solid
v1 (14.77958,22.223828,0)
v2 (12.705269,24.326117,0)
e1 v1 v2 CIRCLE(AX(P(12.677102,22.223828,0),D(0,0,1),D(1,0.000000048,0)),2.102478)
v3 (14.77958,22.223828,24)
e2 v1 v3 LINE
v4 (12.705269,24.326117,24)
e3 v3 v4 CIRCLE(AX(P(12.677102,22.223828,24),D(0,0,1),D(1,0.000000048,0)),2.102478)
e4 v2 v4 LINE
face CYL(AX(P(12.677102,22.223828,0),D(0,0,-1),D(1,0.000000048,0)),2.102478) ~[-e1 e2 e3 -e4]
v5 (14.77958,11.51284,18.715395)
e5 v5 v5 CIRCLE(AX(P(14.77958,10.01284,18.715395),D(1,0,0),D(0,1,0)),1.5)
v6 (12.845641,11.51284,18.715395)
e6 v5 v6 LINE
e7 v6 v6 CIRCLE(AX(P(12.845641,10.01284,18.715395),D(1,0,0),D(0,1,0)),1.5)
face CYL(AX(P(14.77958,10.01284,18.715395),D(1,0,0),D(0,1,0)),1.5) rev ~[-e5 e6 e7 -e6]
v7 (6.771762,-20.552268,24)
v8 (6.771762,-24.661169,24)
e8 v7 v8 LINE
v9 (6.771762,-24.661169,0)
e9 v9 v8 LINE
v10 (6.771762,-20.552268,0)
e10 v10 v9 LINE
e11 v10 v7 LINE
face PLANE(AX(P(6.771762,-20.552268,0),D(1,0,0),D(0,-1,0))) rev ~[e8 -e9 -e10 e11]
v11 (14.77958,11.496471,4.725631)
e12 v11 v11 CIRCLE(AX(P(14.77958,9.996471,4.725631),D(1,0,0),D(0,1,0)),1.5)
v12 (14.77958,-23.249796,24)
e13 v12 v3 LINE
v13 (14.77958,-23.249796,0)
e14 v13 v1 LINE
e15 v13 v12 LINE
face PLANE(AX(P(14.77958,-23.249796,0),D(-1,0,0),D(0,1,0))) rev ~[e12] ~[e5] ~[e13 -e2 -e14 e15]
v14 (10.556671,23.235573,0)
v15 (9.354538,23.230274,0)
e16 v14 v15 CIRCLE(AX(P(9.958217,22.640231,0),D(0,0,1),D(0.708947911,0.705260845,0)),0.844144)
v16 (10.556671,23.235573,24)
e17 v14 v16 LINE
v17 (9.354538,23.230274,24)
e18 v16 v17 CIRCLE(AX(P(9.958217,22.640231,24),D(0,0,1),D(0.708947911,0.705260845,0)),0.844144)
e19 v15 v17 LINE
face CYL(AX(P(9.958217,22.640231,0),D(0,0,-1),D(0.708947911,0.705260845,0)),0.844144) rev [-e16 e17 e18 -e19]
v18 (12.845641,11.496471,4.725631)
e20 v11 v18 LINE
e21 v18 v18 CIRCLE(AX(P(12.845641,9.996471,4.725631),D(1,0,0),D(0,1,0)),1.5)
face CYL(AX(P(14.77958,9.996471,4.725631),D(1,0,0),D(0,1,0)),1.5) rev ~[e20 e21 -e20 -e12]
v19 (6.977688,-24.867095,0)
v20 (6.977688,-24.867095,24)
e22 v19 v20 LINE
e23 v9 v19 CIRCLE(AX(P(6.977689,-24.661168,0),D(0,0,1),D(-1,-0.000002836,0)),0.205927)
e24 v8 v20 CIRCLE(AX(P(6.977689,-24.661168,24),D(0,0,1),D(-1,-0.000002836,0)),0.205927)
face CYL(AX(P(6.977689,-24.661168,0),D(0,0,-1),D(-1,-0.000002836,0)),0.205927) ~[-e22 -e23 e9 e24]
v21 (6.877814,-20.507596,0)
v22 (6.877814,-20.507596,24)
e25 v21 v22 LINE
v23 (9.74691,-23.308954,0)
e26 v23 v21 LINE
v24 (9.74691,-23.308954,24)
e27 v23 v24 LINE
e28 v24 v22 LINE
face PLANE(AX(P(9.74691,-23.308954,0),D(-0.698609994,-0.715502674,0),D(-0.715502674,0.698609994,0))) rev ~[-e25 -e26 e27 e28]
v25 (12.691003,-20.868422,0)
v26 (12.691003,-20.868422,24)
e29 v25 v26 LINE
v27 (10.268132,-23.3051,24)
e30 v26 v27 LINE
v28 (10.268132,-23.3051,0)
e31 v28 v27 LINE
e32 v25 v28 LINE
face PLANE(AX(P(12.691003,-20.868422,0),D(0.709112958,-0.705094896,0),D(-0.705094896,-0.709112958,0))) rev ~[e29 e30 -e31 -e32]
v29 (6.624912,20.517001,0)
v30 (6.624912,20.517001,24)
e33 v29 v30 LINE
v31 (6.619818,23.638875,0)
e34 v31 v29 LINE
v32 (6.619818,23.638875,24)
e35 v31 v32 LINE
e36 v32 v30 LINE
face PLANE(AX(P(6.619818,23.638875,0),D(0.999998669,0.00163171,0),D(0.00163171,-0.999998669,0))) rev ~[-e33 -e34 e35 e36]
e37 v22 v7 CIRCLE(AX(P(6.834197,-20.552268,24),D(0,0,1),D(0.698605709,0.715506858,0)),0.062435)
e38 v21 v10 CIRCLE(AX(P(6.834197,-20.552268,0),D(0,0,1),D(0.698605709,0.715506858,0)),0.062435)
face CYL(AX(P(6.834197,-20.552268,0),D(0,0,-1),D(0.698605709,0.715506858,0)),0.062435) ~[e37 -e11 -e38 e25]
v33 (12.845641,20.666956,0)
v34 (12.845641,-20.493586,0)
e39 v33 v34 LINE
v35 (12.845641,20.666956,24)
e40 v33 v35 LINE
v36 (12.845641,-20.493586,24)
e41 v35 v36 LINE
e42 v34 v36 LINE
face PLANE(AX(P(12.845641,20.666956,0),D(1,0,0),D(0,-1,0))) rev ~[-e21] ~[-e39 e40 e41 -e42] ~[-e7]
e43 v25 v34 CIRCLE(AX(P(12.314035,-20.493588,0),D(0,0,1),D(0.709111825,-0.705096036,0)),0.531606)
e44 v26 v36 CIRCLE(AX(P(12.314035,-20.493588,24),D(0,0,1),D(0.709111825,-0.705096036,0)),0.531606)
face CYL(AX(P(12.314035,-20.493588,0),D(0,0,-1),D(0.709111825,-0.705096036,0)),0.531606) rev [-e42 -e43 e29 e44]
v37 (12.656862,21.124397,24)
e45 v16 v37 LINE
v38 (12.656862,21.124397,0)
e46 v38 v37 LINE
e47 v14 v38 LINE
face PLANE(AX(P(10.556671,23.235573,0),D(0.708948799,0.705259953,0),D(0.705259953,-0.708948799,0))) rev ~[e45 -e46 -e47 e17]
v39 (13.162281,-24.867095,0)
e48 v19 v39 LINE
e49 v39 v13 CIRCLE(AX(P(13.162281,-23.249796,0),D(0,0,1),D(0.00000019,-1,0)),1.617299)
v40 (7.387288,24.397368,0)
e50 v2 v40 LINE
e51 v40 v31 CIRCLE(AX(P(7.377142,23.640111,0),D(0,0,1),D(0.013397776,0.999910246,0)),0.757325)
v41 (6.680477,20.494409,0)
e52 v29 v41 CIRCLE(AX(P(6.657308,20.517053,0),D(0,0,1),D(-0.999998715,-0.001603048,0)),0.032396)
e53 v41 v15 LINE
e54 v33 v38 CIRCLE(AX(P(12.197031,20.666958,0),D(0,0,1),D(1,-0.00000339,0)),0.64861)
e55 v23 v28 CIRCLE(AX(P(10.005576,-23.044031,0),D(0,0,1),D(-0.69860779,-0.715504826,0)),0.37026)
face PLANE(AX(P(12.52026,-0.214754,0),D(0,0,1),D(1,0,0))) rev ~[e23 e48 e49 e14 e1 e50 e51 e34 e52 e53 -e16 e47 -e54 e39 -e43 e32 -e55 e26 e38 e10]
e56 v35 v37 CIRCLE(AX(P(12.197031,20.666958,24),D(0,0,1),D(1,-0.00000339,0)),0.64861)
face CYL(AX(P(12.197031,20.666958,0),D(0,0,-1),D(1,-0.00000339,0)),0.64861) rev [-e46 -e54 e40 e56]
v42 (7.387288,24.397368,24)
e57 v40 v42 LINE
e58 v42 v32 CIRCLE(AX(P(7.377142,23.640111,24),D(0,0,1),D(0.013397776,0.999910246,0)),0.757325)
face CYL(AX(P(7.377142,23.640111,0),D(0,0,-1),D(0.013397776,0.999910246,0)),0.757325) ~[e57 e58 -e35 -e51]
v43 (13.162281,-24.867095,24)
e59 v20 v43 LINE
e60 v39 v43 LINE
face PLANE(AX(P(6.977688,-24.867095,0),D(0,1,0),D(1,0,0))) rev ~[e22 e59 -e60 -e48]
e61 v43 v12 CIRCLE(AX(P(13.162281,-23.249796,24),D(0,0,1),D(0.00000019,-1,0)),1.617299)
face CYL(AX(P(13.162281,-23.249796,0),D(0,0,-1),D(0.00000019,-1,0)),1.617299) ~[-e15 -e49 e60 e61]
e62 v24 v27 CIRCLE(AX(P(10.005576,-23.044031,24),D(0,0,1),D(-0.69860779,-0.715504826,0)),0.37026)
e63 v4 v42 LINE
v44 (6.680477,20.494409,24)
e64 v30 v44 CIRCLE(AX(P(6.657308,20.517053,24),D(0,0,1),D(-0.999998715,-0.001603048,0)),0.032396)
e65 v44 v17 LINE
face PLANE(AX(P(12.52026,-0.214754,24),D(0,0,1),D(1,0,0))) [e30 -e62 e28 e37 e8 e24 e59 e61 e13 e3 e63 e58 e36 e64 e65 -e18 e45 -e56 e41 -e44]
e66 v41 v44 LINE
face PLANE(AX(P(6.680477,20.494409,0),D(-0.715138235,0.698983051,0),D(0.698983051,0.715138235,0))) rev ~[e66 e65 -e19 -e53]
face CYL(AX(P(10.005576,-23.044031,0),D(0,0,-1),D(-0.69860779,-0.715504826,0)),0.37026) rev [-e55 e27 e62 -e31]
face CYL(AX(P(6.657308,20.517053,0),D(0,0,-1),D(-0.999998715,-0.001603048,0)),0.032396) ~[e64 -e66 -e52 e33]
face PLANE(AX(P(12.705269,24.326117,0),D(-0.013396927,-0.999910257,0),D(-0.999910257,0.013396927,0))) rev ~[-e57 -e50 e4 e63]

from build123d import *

# Parameters (mm, degrees)
PAD_DEPTH    = 24
SKETCH_R     = 1.5
POCKET_DEPTH = 5


with BuildPart() as part:
    # Sketch002 → Pad (new body)
    with BuildSketch(Plane.XY):
        with BuildLine():
            Line((10.556671, 23.235573), (12.656862, 21.124397))
            ThreePointArc((12.845641, 20.666956), (12.796592, 20.914388), (12.656862, 21.124397))
            Line((12.845641, 20.666956), (12.845641, -20.493586))
            ThreePointArc((12.691003, -20.868422), (12.805464, -20.696326), (12.845641, -20.493586))
            Line((12.691003, -20.868422), (10.268132, -23.3051))
            ThreePointArc((9.74691, -23.308954), (10.008314, -23.414281), (10.268132, -23.3051))
            Line((9.74691, -23.308954), (6.877814, -20.507596))
            ThreePointArc((6.877814, -20.507596), (6.80996, -20.49473), (6.771762, -20.552268))
            Line((6.771762, -20.552268), (6.771762, -24.661169))
            ThreePointArc((6.771762, -24.661169), (6.832076, -24.80678), (6.977688, -24.867095))
            Line((6.977688, -24.867095), (13.162281, -24.867095))
            ThreePointArc((13.162281, -24.867095), (14.305884, -24.393399), (14.77958, -23.249796))
            Line((14.77958, -23.249796), (14.77958, 22.223828))
            ThreePointArc((14.77958, 22.223828), (14.173704, 23.700512), (12.705269, 24.326117))
            Line((12.705269, 24.326117), (7.387288, 24.397368))
            ThreePointArc((7.387288, 24.397368), (6.844792, 24.178762), (6.619818, 23.638875))
            Line((6.619818, 23.638875), (6.624912, 20.517001))
            ThreePointArc((6.624912, 20.517001), (6.645107, 20.487042), (6.680477, 20.494409))
            Line((6.680477, 20.494409), (9.354538, 23.230274))
            ThreePointArc((10.556671, 23.235573), (9.954496, 23.484367), (9.354538, 23.230274))
        make_face()
    extrude(amount=PAD_DEPTH)

    # Sketch → Pocket (cut)
    with BuildSketch(Plane.YZ.offset(14.77958)):
        with Locations((9.996471, 4.725631)):
            Circle(SKETCH_R)
        with Locations((10.01284, 18.715395)):
            Circle(SKETCH_R)
    extrude(amount=-POCKET_DEPTH, mode=Mode.SUBTRACT)


solid = part.part
